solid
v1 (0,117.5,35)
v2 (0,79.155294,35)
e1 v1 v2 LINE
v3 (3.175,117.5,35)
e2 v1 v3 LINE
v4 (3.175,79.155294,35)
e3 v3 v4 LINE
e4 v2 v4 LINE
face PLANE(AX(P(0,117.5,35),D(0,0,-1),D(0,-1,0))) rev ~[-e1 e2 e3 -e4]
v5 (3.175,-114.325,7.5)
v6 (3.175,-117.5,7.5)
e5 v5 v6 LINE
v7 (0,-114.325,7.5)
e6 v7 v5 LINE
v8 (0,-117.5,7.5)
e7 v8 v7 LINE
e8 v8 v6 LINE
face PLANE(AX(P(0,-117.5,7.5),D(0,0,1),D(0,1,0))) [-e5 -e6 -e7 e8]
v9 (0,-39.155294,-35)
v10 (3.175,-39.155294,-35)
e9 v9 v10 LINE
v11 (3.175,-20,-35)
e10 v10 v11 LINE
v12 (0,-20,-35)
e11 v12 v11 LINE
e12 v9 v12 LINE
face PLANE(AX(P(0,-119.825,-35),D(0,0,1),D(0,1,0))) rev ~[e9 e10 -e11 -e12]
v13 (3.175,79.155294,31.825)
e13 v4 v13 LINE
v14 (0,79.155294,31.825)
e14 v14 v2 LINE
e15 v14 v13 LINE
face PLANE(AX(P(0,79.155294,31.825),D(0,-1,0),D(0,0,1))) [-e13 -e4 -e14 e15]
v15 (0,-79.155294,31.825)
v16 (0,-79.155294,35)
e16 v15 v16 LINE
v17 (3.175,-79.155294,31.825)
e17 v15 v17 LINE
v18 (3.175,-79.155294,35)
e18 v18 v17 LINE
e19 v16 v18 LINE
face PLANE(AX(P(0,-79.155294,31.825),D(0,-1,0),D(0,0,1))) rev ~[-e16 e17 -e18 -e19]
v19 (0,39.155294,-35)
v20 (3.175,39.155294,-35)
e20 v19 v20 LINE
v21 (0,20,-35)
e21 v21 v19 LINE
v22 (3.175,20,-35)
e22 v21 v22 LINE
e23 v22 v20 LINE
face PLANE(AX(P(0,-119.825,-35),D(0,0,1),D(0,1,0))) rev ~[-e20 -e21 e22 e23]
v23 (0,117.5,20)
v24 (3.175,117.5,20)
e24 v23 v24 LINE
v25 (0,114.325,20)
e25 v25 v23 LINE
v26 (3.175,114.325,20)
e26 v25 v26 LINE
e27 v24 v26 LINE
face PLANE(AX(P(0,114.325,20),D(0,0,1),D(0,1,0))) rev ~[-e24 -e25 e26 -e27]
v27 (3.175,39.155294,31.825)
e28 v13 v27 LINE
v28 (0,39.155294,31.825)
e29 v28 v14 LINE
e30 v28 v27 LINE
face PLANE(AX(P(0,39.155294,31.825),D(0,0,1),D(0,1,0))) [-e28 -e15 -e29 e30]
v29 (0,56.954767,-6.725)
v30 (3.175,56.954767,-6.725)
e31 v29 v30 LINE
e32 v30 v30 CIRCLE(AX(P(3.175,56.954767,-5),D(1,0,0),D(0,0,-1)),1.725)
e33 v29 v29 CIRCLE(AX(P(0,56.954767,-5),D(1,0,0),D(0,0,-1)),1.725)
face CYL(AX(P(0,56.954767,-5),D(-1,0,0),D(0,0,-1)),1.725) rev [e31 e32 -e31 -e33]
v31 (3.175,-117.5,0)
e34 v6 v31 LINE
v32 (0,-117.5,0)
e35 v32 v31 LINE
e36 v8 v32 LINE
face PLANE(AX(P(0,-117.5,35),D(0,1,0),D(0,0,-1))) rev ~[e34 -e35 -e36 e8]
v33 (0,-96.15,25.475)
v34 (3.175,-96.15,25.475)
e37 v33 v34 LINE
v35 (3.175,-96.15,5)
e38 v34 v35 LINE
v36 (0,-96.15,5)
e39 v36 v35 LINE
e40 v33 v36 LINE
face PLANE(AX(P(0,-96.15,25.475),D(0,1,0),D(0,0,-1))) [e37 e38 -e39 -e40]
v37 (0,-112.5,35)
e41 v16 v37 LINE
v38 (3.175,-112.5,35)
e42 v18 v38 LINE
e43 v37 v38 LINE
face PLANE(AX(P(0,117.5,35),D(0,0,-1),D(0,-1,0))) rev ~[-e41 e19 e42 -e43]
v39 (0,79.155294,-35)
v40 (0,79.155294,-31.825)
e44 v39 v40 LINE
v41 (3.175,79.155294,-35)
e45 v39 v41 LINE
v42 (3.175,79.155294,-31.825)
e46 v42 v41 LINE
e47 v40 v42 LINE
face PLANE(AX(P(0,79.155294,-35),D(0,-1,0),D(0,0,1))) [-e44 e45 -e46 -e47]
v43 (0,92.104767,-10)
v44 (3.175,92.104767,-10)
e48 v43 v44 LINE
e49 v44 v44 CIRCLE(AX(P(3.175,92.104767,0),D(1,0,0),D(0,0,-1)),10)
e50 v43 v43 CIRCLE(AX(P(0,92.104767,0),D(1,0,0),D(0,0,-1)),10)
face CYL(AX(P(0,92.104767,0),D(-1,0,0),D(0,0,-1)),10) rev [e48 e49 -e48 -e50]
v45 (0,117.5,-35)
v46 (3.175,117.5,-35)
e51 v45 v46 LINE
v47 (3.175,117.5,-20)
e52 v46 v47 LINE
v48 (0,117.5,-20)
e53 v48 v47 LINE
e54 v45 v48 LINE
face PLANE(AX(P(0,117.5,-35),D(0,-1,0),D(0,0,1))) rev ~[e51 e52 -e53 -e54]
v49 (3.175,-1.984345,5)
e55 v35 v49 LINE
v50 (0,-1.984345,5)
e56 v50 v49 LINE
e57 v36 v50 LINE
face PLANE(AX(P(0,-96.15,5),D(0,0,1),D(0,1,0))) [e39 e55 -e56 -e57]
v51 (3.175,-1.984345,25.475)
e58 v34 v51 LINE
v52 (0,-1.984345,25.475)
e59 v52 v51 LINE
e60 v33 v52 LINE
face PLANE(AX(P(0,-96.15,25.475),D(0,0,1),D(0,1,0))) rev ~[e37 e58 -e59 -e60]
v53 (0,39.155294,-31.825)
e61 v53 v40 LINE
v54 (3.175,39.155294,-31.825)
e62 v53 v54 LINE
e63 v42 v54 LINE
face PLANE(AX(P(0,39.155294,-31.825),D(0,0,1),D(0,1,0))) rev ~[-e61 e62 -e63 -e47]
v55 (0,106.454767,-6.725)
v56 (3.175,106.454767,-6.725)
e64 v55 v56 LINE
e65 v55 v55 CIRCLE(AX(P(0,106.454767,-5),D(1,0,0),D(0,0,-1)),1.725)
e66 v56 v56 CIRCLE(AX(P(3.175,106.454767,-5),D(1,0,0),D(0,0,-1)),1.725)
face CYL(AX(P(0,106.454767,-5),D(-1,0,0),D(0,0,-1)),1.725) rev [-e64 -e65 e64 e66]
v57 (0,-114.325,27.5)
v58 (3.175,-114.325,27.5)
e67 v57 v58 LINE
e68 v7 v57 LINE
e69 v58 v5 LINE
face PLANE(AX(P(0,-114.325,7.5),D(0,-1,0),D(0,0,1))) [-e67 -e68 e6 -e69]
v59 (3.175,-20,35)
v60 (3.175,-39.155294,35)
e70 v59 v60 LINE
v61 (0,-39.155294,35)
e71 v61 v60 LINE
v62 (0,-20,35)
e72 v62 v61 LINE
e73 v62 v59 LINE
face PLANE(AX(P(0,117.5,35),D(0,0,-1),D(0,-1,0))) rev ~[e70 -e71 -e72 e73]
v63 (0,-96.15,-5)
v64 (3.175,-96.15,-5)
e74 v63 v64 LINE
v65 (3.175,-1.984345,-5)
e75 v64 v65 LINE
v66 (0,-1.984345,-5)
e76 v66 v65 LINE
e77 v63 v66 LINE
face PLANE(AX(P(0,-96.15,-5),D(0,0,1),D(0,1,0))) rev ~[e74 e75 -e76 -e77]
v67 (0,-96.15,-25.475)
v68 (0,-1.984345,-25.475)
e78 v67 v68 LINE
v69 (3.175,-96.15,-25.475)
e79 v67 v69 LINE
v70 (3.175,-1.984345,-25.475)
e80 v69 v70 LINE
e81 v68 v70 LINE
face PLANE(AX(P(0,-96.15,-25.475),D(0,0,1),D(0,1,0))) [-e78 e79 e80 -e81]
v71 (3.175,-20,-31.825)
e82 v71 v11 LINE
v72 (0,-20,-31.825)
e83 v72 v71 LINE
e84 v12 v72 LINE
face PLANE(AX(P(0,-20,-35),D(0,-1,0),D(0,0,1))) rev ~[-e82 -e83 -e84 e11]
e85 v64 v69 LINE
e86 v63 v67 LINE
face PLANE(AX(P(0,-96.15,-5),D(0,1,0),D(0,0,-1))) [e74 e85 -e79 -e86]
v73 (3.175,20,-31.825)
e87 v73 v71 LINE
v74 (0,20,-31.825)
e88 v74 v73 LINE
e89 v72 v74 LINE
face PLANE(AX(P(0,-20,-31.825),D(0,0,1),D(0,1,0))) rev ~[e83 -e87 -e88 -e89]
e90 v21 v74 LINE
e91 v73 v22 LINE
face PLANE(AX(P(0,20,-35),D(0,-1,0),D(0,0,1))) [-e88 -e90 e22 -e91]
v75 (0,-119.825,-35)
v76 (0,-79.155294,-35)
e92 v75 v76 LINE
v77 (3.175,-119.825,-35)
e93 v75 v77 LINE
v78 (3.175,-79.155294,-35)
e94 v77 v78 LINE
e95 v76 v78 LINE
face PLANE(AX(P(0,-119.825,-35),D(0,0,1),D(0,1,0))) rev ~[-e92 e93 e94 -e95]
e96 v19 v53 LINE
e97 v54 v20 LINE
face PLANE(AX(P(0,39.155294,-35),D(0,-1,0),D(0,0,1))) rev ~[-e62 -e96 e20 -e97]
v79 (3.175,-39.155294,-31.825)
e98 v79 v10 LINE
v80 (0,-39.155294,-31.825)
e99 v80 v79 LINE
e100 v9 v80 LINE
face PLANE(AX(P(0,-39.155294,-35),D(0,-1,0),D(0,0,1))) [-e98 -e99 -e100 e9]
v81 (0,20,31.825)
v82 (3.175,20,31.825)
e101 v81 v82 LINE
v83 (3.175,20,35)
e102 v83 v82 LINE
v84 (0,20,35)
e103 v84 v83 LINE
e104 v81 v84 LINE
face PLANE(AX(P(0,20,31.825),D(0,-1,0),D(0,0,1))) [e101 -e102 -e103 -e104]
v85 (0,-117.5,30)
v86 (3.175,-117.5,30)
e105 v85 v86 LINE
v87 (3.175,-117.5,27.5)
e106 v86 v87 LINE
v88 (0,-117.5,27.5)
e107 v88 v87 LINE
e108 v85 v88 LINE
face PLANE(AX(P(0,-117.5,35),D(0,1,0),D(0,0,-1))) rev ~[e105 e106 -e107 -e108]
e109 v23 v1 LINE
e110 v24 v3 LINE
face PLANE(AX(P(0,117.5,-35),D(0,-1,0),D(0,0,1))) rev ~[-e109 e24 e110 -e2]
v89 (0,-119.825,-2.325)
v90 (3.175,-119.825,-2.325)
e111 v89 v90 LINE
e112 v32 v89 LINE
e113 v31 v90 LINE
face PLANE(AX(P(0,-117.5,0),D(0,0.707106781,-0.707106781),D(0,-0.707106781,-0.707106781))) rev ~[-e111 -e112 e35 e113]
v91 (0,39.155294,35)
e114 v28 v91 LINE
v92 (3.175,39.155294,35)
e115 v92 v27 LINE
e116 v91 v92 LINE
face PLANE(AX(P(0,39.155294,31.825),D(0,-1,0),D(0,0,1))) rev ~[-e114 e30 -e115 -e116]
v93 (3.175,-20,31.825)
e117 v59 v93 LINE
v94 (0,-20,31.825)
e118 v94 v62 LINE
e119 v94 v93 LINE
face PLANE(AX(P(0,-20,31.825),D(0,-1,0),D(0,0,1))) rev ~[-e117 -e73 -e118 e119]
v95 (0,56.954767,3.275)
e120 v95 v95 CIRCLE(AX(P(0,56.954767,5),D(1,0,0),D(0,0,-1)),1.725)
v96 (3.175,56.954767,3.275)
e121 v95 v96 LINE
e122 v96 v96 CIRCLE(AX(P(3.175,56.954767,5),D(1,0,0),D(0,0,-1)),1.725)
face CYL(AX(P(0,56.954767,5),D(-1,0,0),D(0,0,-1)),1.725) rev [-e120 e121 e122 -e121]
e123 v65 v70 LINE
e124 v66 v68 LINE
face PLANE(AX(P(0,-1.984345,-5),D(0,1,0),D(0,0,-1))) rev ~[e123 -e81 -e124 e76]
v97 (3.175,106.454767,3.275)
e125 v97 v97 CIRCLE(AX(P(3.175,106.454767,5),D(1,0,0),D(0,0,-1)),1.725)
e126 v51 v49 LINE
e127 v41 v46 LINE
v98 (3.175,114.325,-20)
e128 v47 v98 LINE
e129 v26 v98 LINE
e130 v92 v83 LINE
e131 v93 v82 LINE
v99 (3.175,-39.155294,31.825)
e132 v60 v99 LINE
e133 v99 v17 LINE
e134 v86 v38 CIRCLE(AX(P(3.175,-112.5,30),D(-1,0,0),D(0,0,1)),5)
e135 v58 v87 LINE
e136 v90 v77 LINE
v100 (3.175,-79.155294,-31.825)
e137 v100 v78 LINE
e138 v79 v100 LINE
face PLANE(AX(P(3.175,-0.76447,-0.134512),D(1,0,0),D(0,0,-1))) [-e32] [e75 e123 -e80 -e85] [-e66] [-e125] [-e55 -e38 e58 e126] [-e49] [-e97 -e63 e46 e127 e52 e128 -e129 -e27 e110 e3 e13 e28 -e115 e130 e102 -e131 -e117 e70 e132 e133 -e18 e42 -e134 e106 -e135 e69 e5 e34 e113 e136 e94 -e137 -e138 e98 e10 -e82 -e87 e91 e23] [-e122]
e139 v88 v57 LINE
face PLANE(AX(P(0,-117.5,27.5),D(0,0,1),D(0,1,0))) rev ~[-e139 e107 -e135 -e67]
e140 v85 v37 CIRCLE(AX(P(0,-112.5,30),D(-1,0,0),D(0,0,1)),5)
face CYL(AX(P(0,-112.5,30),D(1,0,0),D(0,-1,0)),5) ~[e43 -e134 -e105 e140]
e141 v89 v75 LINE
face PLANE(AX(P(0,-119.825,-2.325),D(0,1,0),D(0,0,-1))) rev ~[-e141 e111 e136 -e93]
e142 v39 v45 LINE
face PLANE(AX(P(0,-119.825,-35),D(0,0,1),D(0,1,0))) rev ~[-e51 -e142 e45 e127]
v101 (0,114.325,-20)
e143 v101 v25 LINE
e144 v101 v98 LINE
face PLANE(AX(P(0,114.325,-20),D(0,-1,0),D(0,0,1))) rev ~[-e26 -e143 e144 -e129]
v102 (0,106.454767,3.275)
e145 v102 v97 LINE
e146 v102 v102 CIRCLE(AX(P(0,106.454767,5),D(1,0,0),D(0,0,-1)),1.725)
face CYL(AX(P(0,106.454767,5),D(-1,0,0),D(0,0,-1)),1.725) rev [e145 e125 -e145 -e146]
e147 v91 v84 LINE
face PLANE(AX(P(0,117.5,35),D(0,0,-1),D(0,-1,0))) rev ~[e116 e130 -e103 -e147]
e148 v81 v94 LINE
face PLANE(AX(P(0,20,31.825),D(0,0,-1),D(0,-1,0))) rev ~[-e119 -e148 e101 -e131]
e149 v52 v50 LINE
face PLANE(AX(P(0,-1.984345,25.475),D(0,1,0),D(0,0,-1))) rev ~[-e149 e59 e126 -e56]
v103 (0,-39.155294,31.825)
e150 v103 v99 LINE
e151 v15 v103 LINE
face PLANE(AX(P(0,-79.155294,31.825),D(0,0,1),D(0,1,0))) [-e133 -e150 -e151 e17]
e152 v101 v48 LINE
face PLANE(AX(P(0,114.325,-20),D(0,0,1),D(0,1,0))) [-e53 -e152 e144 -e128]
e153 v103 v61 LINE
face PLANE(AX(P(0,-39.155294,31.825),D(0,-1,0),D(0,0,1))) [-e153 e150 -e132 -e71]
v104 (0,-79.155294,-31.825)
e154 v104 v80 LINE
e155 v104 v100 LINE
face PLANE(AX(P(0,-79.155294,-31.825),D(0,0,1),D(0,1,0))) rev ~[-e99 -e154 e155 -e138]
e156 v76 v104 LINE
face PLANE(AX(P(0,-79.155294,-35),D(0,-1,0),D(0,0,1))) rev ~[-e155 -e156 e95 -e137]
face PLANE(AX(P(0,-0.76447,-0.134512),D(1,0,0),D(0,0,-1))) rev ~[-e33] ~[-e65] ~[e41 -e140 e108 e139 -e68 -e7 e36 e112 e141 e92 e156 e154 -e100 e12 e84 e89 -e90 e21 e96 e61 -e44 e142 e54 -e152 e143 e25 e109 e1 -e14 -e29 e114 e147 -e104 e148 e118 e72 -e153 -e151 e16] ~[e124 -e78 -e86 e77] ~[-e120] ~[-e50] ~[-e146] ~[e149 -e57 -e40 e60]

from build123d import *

# Parameters (mm, degrees)
SKETCH2_W           = 20.475
SKETCH2_H           = 94.165655299
SKETCH2_R           = 1.725
SKETCH2_R_2         = 10
BOSS_EXTRUDE1_DEPTH = 3.175
SKETCH3_W           = 3.175
SKETCH3_H           = 40
SKETCH3_H_2         = 20
SKETCH3_W_2         = 40
SKETCH3_H_3         = 3.175
SKETCH3_W_3         = 20
CUT_EXTRUDE1_DEPTH  = 10
FILLET1_R           = 5


with BuildPart() as part:
    # Sketch2 → Boss-Extrude1 (new body)
    with BuildSketch(Plane(origin=(0, 0, 0), x_dir=(0, 0, -1), z_dir=(1, 0, 0))):
        Polygon((35, -119.825), (35, 117.5), (-35, 117.5), (-35, -117.5), (0, -117.5), (2.325, -119.825), align=None)
        with Locations((-15.2375, -49.067172351)):
            Rectangle(SKETCH2_W, SKETCH2_H, mode=Mode.SUBTRACT)
        with Locations((15.2375, -49.067172351)):
            Rectangle(SKETCH2_W, SKETCH2_H, mode=Mode.SUBTRACT)
        with Locations((5, 56.954767415)):
            Circle(SKETCH2_R, mode=Mode.SUBTRACT)
        with Locations((-5, 56.954767415)):
            Circle(SKETCH2_R, mode=Mode.SUBTRACT)
        with Locations((-5, 106.454767415)):
            Circle(SKETCH2_R, mode=Mode.SUBTRACT)
        with Locations((5, 106.454767415)):
            Circle(SKETCH2_R, mode=Mode.SUBTRACT)
        with Locations((0, 92.104767415)):
            Circle(SKETCH2_R_2, mode=Mode.SUBTRACT)
    extrude(amount=BOSS_EXTRUDE1_DEPTH)

    # Sketch3 → Cut-Extrude1 (cut)
    with BuildSketch(Plane.ZY):
        with Locations((-33.4125, 59.155293611)):
            Rectangle(SKETCH3_W, SKETCH3_H)
        with Locations((33.4125, 59.155293611)):
            Rectangle(SKETCH3_W, SKETCH3_H)
        with Locations((33.4125, 10)):
            Rectangle(SKETCH3_W, SKETCH3_H_2)
        with Locations((-33.4125, 10)):
            Rectangle(SKETCH3_W, SKETCH3_H_2)
        with Locations((-33.4125, -10)):
            Rectangle(SKETCH3_W, SKETCH3_H_2)
        with Locations((33.4125, -10)):
            Rectangle(SKETCH3_W, SKETCH3_H_2)
        with Locations((33.4125, -59.155293611)):
            Rectangle(SKETCH3_W, SKETCH3_H)
        with Locations((-33.4125, -59.155293611)):
            Rectangle(SKETCH3_W, SKETCH3_H)
        with Locations((0, 115.9125)):
            Rectangle(SKETCH3_W_2, SKETCH3_H_3)
        with Locations((17.5, -115.9125)):
            Rectangle(SKETCH3_W_3, SKETCH3_H_3)
    extrude(amount=-CUT_EXTRUDE1_DEPTH, mode=Mode.SUBTRACT)

    # Fillet1
    fillet1_edges = [part.edges().sort_by_distance(p)[0] for p in [
        (1.5875, -117.5, 35),
    ]]
    fillet(fillet1_edges, radius=FILLET1_R)


solid = part.part
